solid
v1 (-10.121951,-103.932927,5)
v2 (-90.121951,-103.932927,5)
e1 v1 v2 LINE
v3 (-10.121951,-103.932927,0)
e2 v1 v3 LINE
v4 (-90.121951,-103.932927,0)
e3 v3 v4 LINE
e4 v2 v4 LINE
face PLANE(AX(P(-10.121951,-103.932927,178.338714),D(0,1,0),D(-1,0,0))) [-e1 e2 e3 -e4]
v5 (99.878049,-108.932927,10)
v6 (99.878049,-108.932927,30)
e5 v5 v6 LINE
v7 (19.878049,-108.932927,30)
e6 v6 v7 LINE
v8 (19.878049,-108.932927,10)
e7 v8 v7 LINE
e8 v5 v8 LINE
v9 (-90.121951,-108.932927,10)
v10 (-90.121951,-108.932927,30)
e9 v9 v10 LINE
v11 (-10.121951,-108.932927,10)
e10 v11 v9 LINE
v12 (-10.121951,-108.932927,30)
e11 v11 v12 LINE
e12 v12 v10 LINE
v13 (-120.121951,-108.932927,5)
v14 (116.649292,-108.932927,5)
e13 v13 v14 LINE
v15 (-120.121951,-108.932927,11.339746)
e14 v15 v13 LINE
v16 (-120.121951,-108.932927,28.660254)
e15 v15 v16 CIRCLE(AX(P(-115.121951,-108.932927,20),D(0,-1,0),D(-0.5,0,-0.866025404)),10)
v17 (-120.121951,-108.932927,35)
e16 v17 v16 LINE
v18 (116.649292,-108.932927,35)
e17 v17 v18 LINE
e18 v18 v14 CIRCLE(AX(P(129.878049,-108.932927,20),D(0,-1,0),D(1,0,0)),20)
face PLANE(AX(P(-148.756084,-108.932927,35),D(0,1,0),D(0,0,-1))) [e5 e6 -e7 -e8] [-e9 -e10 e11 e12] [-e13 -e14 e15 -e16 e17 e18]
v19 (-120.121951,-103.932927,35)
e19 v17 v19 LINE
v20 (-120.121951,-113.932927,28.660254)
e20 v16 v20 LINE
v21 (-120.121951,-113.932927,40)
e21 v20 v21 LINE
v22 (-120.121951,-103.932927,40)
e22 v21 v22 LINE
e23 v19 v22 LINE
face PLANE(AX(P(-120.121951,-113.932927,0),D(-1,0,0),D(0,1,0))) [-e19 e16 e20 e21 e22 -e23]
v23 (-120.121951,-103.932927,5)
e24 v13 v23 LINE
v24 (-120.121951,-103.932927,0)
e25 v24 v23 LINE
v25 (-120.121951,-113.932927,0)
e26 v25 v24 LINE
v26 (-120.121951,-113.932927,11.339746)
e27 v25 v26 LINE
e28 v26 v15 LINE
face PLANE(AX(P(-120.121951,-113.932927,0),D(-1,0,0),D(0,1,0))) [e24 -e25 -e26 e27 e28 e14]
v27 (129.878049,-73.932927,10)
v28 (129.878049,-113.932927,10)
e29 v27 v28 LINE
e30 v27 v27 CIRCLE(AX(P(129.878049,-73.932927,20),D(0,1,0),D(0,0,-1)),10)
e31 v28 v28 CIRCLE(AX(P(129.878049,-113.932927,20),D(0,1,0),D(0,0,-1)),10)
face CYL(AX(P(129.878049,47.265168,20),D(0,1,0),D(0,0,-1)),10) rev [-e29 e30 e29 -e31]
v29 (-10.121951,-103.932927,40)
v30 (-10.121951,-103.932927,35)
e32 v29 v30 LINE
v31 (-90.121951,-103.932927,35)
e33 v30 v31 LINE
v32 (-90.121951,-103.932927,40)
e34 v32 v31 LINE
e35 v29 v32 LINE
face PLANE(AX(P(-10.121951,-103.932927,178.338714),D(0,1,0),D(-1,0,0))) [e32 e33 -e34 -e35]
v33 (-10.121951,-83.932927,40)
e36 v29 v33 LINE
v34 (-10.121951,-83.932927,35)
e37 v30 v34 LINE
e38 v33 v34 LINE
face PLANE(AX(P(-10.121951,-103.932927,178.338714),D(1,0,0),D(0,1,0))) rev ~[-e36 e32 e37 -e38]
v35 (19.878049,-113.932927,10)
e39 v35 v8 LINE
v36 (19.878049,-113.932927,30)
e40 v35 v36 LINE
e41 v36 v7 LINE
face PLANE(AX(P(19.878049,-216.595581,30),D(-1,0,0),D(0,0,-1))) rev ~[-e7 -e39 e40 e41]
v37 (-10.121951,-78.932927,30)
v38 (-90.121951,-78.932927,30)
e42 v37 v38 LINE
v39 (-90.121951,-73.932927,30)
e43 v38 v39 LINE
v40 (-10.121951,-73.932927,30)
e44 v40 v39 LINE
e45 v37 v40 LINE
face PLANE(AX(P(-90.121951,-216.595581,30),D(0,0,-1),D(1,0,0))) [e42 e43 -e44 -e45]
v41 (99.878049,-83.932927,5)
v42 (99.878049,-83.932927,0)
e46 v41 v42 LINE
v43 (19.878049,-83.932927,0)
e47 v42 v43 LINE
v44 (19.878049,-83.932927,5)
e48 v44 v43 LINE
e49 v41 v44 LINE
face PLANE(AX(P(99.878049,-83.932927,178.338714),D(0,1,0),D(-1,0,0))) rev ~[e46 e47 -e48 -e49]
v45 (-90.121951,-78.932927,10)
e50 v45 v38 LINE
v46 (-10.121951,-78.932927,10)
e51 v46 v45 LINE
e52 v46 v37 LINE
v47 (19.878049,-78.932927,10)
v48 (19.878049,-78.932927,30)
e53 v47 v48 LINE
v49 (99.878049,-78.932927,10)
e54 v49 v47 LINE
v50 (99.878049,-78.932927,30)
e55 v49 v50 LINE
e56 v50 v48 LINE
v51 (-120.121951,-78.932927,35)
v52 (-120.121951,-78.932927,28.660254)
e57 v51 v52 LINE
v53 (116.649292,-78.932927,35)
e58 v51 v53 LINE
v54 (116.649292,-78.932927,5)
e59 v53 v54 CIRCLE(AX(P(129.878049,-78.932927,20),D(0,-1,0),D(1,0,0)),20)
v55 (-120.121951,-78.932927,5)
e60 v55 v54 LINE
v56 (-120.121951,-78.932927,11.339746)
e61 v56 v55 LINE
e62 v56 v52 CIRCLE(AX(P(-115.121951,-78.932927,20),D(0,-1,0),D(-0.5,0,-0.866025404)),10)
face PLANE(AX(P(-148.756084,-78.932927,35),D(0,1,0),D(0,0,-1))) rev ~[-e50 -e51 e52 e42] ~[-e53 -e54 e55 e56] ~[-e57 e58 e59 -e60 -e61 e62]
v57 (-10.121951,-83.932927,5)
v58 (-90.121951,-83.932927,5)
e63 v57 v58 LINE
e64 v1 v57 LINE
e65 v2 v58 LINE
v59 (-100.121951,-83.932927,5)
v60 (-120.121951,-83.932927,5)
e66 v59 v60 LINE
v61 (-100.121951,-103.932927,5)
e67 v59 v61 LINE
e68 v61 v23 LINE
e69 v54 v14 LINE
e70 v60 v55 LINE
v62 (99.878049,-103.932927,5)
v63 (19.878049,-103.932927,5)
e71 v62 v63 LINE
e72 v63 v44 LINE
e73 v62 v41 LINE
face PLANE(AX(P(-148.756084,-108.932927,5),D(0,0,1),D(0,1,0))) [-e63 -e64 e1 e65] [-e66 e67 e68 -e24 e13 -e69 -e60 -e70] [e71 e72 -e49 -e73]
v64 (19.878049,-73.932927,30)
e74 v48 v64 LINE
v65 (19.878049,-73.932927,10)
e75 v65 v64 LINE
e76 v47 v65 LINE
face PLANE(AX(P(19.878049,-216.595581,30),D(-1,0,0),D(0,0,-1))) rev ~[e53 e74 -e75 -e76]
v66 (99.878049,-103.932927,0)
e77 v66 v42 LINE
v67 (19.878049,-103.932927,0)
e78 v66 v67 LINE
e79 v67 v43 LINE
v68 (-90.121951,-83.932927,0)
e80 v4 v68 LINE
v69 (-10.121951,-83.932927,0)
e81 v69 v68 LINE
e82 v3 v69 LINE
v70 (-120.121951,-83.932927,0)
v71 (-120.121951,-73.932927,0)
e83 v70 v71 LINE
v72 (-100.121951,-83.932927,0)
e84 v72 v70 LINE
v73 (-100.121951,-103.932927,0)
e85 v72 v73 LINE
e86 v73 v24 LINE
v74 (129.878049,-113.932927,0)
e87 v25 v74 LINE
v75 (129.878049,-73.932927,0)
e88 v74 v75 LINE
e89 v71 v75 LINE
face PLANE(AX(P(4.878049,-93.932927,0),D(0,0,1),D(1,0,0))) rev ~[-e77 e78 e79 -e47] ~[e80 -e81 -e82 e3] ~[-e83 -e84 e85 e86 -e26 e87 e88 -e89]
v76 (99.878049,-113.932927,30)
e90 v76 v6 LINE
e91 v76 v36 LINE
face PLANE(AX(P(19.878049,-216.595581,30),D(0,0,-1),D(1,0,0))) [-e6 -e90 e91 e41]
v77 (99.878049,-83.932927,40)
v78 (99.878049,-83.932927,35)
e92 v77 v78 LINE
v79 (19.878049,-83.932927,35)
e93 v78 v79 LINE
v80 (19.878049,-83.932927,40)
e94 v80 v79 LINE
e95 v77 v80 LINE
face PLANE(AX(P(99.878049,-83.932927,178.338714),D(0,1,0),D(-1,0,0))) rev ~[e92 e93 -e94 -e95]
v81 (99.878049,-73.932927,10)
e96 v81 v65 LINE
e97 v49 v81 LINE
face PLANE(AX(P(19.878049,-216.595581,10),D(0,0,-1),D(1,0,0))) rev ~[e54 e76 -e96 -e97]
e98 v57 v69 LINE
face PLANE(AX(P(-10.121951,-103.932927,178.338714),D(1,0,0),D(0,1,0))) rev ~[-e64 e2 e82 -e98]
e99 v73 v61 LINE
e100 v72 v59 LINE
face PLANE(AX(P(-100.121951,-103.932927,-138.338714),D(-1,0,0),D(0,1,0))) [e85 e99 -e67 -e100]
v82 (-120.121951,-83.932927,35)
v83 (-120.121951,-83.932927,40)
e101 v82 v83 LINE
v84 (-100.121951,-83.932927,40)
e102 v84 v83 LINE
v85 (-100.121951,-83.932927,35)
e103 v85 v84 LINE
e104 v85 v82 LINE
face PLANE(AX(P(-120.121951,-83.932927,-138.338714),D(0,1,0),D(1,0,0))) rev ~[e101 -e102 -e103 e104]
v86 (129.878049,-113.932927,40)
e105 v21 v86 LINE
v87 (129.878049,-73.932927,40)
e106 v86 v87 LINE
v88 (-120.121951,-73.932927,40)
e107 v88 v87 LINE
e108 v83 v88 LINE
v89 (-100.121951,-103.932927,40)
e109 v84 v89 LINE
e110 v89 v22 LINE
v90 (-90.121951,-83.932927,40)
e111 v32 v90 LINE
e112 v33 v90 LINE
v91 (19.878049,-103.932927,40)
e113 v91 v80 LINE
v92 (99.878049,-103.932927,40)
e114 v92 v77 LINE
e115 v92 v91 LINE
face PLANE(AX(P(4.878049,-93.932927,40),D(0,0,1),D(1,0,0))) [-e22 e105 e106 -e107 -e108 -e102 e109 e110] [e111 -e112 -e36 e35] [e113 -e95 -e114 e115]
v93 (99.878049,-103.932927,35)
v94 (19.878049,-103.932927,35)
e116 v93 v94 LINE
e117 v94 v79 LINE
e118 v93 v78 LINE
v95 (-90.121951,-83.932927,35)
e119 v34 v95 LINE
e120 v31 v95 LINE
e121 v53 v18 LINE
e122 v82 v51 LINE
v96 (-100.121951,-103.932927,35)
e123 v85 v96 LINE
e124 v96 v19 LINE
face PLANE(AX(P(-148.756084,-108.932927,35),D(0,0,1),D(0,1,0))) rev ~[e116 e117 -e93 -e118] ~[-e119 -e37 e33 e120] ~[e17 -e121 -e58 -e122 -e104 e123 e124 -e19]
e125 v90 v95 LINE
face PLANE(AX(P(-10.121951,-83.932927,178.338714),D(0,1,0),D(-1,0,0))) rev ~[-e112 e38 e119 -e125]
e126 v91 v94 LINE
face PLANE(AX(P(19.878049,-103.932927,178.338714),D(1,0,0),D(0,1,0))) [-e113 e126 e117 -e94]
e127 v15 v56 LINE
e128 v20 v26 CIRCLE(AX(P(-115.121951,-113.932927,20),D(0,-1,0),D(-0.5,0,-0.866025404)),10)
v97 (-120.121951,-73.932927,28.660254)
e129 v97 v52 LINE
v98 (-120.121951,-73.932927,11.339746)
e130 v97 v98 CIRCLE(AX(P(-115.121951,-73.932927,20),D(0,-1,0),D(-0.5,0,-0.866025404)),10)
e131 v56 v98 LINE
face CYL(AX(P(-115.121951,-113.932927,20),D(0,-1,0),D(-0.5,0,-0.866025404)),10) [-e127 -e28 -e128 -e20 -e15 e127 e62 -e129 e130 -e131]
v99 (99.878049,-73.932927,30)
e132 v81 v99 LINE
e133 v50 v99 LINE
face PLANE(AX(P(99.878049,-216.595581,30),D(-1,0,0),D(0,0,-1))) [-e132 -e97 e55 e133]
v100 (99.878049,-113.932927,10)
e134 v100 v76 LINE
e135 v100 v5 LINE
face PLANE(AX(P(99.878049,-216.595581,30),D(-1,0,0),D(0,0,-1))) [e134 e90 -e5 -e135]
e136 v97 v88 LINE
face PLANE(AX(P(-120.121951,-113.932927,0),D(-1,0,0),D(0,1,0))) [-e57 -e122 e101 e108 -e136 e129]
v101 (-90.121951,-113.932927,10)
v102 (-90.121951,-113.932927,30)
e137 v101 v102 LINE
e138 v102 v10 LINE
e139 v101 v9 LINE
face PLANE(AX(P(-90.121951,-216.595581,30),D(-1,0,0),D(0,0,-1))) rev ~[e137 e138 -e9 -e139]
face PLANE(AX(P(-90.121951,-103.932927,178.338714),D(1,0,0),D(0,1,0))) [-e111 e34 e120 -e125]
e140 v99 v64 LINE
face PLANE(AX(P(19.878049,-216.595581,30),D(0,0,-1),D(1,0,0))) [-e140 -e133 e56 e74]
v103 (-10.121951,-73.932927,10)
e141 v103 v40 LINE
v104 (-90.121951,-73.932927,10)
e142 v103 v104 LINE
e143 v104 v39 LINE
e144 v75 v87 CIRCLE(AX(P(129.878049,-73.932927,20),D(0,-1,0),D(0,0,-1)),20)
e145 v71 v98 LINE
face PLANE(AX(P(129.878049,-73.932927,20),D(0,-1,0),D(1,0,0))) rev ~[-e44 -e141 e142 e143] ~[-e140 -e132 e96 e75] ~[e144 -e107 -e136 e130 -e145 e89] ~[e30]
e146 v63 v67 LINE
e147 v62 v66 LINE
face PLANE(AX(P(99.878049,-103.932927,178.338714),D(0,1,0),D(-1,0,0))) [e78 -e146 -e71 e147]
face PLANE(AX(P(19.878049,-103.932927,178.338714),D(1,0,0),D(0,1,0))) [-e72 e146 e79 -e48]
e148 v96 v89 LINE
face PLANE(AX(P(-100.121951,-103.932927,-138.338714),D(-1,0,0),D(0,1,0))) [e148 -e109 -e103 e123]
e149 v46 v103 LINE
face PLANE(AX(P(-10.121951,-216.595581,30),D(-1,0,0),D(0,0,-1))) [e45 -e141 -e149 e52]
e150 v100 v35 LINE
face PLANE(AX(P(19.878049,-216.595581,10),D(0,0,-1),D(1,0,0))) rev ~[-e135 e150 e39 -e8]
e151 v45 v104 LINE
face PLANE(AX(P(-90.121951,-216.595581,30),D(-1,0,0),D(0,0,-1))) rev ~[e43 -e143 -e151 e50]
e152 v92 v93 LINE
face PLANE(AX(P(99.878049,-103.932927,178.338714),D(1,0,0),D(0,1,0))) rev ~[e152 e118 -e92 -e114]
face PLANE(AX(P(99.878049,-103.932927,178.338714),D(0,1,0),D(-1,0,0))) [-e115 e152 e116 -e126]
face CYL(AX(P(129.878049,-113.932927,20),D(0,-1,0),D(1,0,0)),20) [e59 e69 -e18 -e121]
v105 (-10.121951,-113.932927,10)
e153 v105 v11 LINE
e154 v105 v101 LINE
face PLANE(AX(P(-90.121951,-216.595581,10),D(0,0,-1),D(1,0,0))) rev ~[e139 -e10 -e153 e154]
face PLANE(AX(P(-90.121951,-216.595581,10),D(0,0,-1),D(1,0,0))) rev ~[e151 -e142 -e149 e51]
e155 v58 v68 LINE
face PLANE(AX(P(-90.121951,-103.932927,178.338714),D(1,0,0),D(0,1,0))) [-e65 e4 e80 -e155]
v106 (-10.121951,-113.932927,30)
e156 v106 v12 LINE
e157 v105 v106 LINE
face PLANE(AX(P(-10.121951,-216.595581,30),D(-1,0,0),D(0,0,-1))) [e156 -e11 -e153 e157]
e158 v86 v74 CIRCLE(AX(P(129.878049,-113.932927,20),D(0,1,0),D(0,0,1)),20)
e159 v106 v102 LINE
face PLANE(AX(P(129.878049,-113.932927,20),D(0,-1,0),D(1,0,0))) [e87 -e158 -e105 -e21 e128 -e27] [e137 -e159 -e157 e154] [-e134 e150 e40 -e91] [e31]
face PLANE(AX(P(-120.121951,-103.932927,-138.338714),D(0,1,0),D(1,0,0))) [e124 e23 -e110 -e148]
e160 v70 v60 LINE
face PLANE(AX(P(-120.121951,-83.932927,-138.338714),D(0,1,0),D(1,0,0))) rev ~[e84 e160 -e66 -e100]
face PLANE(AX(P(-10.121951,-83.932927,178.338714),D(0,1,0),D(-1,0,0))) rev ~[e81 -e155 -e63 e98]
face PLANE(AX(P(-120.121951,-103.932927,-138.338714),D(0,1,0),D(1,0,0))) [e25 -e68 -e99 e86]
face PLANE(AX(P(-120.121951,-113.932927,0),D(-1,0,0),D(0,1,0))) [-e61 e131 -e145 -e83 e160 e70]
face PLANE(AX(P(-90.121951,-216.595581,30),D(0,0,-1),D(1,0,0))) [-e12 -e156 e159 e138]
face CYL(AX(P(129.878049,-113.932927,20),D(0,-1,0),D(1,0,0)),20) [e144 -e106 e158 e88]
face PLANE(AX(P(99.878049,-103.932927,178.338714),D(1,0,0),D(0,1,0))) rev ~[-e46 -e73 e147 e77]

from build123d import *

# Parameters (mm, degrees)
SKETCH1_W               = 250
SKETCH1_H               = 40
BOSS_EXTRUDE1_DEPTH     = 40
CUT_EXTRUDE1_DEPTH      = 278.634133017
CUT_EXTRUDE1_DEPTH_BACK = 278.634133017
SKETCH2_W               = 30
SKETCH2_H               = 30
CUT_EXTRUDE2_DEPTH      = 178.338713683
CUT_EXTRUDE2_DEPTH_BACK = 178.338713683
SKETCH3_W               = 80
SKETCH3_H               = 20
CUT_EXTRUDE3_DEPTH      = 142.662654059
CUT_EXTRUDE3_DEPTH_BACK = 142.662654059
SKETCH4_W               = 80
SKETCH4_H               = 20
CUT_EXTRUDE4_DEPTH      = 178.338713683
CUT_EXTRUDE4_DEPTH_BACK = 178.338713683
SKETCH5_W               = 20
SKETCH5_H               = 20
SKETCH6_R               = 10
BOSS_EXTRUDE2_DEPTH     = 40
SKETCH7_R               = 20
BOSS_EXTRUDE3_DEPTH     = 40
CUT_EXTRUDE5_DEPTH      = 161.198094577
CUT_EXTRUDE5_DEPTH_BACK = 161.198094577
SKETCH8_R               = 10


with BuildPart() as part:
    # Sketch1 → Boss-Extrude1 (new body)
    with BuildSketch(Plane.XY):
        with Locations((4.87804878, -93.932926829)):
            Rectangle(SKETCH1_W, SKETCH1_H)
    extrude(amount=BOSS_EXTRUDE1_DEPTH)

    # Sketch2 → Cut-Extrude1 (cut, two sides: drawn at the far end of the back side and taken through both)
    with BuildSketch(Plane(origin=(129.87804878, 0, 0), x_dir=(0, 0, -1), z_dir=(1, 0, 0)).offset(-CUT_EXTRUDE1_DEPTH_BACK)):
        with Locations((-20, -93.932926829)):
            Rectangle(SKETCH2_W, SKETCH2_H)
    extrude(amount=CUT_EXTRUDE1_DEPTH + CUT_EXTRUDE1_DEPTH_BACK, mode=Mode.SUBTRACT)

    # Sketch3 → Cut-Extrude2 (cut, two sides: drawn at the far end of the back side and taken through both)
    with BuildSketch(Plane(origin=(0, 0, 0), x_dir=(-1, 0, 0), z_dir=(0, 0, -1)).offset(-CUT_EXTRUDE2_DEPTH_BACK)):
        with Locations((-59.87804878, -93.932926829)):
            Rectangle(SKETCH3_W, SKETCH3_H)
        with Locations((50.12195122, -93.932926829)):
            Rectangle(SKETCH3_W, SKETCH3_H)
    extrude(amount=CUT_EXTRUDE2_DEPTH + CUT_EXTRUDE2_DEPTH_BACK, mode=Mode.SUBTRACT)

    # Sketch4 → Cut-Extrude3 (cut, two sides: drawn at the far end of the back side and taken through both)
    with BuildSketch(Plane(origin=(0, -73.932926829, 0), x_dir=(1, 0, 0), z_dir=(0, 1, 0)).offset(-CUT_EXTRUDE3_DEPTH_BACK)):
        with Locations((59.87804878, -20)):
            Rectangle(SKETCH4_W, SKETCH4_H)
        with Locations((-50.12195122, -20)):
            Rectangle(SKETCH4_W, SKETCH4_H)
    extrude(amount=CUT_EXTRUDE3_DEPTH + CUT_EXTRUDE3_DEPTH_BACK, mode=Mode.SUBTRACT)

    # Sketch5 → Cut-Extrude4 (cut, two sides: drawn at the far end of the back side and taken through both)
    with BuildSketch(Plane.XY.offset(40).offset(-CUT_EXTRUDE4_DEPTH_BACK)):
        with Locations((-110.12195122, -93.932926829)):
            Rectangle(SKETCH5_W, SKETCH5_H)
    extrude(amount=CUT_EXTRUDE4_DEPTH + CUT_EXTRUDE4_DEPTH_BACK, mode=Mode.SUBTRACT)

    # Sketch6 → Boss-Extrude2 (add)
    with BuildSketch(Plane.XZ.offset(113.932926829)):
        with Locations(Location((-115.12195122, 20, 0), (0, 0, 240))):
            Circle(SKETCH6_R)
    extrude(amount=-BOSS_EXTRUDE2_DEPTH)

    # Sketch7 → Boss-Extrude3 (add)
    with BuildSketch(Plane.XZ.offset(113.932926829)):
        with Locations((129.87804878, 20)):
            Circle(SKETCH7_R)
    extrude(amount=-BOSS_EXTRUDE3_DEPTH)

    # Sketch8 → Cut-Extrude5 (cut, two sides: drawn at the far end of the back side and taken through both)
    with BuildSketch(Plane(origin=(0, -113.932926829, 0), x_dir=(-1, 0, 0), z_dir=(0, -1, 0)).offset(-CUT_EXTRUDE5_DEPTH_BACK)):
        with Locations(Location((-129.87804878, -20, 0), (0, 0, 90))):
            Circle(SKETCH8_R)
    extrude(amount=CUT_EXTRUDE5_DEPTH + CUT_EXTRUDE5_DEPTH_BACK, mode=Mode.SUBTRACT)


solid = part.part
